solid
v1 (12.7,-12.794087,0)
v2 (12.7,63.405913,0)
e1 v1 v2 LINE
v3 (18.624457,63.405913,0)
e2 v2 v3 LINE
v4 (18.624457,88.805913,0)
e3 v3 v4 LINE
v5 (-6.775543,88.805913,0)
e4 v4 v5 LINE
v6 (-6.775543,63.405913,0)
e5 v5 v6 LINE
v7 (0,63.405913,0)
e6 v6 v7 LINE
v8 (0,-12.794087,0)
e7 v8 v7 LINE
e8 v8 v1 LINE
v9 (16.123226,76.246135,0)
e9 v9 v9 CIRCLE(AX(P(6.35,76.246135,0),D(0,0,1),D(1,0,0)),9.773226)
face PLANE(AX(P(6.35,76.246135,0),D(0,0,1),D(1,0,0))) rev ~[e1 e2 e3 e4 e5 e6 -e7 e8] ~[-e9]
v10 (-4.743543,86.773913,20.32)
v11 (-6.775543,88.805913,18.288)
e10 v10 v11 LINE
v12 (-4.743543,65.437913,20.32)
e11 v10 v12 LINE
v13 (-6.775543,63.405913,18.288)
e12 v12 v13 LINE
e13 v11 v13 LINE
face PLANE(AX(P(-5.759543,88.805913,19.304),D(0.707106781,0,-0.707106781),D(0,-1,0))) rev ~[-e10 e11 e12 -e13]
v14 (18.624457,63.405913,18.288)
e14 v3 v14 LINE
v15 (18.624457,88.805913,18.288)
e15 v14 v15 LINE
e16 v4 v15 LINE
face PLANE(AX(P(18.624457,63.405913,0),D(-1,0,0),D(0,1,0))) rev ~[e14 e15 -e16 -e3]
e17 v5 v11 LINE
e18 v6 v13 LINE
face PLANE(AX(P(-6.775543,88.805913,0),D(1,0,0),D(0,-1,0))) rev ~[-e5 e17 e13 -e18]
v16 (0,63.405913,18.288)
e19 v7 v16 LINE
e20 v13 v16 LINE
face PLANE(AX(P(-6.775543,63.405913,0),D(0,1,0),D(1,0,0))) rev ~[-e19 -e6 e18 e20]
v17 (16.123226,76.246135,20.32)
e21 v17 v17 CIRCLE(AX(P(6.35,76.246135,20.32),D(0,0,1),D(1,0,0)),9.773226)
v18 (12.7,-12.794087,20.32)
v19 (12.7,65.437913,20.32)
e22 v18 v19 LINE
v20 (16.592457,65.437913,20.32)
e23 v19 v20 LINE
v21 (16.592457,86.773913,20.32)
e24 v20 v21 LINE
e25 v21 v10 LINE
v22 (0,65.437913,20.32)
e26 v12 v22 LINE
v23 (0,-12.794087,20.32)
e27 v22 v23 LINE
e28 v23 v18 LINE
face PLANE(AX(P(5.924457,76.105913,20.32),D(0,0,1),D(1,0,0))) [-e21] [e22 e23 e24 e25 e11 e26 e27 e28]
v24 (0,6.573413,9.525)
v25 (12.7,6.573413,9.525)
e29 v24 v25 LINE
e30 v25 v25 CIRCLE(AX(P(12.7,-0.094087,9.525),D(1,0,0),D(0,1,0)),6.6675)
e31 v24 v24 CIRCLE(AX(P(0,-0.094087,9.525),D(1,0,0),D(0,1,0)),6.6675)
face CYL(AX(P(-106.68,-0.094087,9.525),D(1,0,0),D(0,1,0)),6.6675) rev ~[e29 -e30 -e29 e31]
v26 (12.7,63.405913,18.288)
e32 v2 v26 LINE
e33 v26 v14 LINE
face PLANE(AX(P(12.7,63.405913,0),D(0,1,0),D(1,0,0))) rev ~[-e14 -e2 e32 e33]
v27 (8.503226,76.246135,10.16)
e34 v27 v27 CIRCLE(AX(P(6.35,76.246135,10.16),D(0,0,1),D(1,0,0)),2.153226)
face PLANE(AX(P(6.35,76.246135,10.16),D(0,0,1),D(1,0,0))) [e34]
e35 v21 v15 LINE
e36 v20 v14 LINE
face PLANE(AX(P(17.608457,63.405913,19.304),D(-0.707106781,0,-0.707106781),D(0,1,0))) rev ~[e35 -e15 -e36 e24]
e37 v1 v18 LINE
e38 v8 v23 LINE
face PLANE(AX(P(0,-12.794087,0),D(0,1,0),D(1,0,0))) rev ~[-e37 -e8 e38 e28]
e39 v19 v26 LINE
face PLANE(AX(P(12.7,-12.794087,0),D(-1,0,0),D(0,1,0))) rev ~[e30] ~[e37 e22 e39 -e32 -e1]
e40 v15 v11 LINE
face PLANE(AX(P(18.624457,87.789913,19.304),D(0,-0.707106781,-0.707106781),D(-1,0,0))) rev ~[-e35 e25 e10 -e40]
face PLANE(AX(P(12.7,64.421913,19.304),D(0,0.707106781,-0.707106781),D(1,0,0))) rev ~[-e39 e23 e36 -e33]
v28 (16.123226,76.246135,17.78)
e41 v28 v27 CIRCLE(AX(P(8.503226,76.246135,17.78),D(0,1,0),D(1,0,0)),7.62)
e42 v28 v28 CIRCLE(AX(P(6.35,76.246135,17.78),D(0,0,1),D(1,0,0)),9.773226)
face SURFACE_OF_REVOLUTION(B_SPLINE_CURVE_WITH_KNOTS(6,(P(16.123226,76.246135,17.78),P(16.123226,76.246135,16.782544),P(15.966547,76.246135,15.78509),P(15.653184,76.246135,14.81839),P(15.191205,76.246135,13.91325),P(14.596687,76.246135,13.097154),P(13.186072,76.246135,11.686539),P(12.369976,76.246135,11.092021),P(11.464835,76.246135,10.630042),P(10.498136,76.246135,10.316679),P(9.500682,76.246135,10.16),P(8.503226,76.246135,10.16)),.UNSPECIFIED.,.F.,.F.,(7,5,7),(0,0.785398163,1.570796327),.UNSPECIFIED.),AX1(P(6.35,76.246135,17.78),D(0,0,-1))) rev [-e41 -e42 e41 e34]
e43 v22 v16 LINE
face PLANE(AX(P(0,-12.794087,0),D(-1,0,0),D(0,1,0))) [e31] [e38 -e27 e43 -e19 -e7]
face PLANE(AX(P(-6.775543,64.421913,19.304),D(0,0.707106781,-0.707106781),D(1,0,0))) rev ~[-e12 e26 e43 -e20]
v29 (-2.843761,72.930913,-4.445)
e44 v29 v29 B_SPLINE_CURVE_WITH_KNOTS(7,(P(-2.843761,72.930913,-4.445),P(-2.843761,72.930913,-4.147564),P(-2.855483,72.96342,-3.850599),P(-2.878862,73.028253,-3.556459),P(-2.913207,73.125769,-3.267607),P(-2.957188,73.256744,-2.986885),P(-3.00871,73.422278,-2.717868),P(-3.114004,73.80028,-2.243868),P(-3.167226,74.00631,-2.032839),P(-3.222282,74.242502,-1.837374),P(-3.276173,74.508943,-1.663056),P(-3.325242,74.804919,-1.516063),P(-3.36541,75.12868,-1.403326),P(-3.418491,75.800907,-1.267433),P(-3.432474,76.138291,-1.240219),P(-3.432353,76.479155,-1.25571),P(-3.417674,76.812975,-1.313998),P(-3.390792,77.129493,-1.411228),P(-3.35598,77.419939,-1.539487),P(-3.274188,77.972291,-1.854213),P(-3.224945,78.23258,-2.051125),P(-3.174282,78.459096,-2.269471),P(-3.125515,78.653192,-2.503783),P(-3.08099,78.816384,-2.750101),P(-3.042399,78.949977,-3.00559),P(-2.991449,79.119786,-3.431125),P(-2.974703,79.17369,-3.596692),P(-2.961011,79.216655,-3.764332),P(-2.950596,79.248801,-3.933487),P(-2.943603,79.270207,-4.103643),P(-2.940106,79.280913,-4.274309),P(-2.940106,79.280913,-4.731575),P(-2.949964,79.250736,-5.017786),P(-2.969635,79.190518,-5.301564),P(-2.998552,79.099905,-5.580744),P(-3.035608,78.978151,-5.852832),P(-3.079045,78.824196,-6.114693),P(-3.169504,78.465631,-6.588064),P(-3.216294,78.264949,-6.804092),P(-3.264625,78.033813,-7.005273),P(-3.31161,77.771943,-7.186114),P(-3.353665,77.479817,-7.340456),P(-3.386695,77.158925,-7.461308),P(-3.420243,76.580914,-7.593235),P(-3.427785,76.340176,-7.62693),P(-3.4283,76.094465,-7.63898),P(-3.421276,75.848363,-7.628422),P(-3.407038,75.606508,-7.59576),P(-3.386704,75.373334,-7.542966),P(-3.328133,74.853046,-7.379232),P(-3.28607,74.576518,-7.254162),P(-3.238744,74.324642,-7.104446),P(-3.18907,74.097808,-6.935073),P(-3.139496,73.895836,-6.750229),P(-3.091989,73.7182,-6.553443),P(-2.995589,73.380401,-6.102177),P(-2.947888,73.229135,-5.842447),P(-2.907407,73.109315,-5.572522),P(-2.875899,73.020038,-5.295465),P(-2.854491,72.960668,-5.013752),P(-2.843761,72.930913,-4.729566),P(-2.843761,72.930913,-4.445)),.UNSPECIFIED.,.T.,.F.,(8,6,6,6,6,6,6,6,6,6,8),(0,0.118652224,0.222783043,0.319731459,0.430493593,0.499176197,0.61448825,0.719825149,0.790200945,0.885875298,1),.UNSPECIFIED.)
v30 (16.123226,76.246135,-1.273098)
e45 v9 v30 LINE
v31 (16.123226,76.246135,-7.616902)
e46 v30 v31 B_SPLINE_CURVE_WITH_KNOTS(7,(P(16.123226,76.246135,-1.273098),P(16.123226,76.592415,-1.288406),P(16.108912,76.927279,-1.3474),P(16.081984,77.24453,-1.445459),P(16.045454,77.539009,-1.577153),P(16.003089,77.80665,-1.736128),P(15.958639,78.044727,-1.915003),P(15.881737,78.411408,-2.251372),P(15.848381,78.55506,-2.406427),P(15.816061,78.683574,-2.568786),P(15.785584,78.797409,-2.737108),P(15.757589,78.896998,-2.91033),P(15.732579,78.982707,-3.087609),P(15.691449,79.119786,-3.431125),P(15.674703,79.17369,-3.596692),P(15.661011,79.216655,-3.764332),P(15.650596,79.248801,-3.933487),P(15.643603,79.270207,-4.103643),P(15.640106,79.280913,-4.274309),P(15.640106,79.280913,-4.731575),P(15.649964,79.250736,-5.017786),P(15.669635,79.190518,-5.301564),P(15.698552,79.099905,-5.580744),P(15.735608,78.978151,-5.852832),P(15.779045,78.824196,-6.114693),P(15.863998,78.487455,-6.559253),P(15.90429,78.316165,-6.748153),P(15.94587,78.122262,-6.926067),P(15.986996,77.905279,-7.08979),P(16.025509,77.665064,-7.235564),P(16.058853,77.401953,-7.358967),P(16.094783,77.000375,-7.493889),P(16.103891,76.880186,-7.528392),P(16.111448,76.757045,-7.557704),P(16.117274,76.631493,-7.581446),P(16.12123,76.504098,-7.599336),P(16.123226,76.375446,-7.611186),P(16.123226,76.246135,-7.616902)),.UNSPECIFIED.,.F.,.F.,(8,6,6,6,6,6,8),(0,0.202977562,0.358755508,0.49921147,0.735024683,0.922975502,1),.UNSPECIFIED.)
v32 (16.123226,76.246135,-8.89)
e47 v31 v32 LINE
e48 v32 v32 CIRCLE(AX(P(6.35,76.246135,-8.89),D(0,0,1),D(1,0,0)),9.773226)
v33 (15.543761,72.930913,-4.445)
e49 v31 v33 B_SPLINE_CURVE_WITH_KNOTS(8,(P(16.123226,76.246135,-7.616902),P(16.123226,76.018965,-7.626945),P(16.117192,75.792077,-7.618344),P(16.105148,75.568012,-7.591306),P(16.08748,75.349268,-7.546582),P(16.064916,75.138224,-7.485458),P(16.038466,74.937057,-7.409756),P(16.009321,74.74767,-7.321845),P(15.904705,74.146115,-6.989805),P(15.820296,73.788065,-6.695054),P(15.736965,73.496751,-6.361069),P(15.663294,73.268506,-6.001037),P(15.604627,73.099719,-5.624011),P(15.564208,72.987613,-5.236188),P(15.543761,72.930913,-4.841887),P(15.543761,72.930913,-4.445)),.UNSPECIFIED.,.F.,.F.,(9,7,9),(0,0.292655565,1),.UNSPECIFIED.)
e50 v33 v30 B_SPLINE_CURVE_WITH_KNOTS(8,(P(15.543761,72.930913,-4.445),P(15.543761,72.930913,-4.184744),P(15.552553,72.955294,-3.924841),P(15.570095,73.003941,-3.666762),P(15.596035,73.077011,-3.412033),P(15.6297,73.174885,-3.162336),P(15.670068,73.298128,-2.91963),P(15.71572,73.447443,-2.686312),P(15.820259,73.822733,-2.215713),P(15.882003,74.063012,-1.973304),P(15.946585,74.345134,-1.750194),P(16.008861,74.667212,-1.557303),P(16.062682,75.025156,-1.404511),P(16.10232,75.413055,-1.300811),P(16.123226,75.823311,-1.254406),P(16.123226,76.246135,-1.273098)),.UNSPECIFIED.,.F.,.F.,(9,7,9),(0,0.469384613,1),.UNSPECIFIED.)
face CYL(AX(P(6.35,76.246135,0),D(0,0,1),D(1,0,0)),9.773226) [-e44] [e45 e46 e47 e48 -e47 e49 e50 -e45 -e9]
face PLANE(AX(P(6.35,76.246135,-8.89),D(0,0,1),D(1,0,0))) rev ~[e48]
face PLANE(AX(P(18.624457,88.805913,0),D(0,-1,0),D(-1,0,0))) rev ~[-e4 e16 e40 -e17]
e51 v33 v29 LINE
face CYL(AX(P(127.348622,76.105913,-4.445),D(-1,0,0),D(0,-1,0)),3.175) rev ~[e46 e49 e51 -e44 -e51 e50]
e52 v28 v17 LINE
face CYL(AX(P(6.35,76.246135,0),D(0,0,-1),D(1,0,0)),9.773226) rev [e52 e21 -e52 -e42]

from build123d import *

# Parameters (mm, degrees)
F0_R     = 9.7732259702
F0_W     = 12.7
F0_H     = 76.2
F1_DEPTH = 20.32
F2_DEPTH = 10.16
F3_R     = 7.62
F5_D     = 13.335
F6_SIZE  = 2.032
F7_DEPTH = 8.89
F9_D     = 6.35


with BuildPart() as f1:
    # F0 (on Top) → F1 (new body)
    with BuildSketch(Plane.XY):
        Polygon((-6.7755430937, 63.4059129299), (0, 63.4059129299), (12.7, 63.4059129299), (18.6244569063, 63.4059129299), (18.6244569063, 88.8059129299), (-6.7755430937, 88.8059129299), align=None)
        with Locations((6.35, 76.2461349368)):
            Circle(F0_R, mode=Mode.SUBTRACT)
        with Locations((6.35, 25.3059129299)):
            Rectangle(F0_W, F0_H)
    extrude(amount=F1_DEPTH)

    # F0 (on Top) → F2 (join)
    with BuildSketch(Plane.XY):
        with Locations((6.35, 76.2461349368)):
            Circle(F0_R)
    extrude(amount=F2_DEPTH)

    # F3
    f3_edges = [f1.edges().sort_by_distance(p)[0] for p in [
        (-3.423226, 76.246135, 10.16),
    ]]
    fillet(f3_edges, radius=F3_R)

    # F5 (through all)
    with Locations(Plane(origin=(0, 0, 0), x_dir=(0, -1, 0), z_dir=(-1, 0, 0))):
        with Locations((0.0940870701, 9.525)):
            Hole(F5_D / 2)

    # F6
    f6_edges = [f1.edges().sort_by_distance(p)[0] for p in [
        (-6.775543, 76.105913, 20.32),
        (18.624457, 76.105913, 20.32),
        (-3.387772, 63.405913, 20.32),
        (15.662228, 63.405913, 20.32),
        (5.924457, 88.805913, 20.32),
    ]]
    chamfer(f6_edges, length=F6_SIZE)

    # F0 (on Top) → F7 (join)
    with BuildSketch(Plane.XY):
        with Locations((6.35, 76.2461349368)):
            Circle(F0_R)
    extrude(amount=-F7_DEPTH)

    # F9 (through all)
    with Locations(Plane.YZ.offset(18.6244569063)):
        with Locations((76.1059129299, -4.445)):
            Hole(F9_D / 2)


solid = f1.part
